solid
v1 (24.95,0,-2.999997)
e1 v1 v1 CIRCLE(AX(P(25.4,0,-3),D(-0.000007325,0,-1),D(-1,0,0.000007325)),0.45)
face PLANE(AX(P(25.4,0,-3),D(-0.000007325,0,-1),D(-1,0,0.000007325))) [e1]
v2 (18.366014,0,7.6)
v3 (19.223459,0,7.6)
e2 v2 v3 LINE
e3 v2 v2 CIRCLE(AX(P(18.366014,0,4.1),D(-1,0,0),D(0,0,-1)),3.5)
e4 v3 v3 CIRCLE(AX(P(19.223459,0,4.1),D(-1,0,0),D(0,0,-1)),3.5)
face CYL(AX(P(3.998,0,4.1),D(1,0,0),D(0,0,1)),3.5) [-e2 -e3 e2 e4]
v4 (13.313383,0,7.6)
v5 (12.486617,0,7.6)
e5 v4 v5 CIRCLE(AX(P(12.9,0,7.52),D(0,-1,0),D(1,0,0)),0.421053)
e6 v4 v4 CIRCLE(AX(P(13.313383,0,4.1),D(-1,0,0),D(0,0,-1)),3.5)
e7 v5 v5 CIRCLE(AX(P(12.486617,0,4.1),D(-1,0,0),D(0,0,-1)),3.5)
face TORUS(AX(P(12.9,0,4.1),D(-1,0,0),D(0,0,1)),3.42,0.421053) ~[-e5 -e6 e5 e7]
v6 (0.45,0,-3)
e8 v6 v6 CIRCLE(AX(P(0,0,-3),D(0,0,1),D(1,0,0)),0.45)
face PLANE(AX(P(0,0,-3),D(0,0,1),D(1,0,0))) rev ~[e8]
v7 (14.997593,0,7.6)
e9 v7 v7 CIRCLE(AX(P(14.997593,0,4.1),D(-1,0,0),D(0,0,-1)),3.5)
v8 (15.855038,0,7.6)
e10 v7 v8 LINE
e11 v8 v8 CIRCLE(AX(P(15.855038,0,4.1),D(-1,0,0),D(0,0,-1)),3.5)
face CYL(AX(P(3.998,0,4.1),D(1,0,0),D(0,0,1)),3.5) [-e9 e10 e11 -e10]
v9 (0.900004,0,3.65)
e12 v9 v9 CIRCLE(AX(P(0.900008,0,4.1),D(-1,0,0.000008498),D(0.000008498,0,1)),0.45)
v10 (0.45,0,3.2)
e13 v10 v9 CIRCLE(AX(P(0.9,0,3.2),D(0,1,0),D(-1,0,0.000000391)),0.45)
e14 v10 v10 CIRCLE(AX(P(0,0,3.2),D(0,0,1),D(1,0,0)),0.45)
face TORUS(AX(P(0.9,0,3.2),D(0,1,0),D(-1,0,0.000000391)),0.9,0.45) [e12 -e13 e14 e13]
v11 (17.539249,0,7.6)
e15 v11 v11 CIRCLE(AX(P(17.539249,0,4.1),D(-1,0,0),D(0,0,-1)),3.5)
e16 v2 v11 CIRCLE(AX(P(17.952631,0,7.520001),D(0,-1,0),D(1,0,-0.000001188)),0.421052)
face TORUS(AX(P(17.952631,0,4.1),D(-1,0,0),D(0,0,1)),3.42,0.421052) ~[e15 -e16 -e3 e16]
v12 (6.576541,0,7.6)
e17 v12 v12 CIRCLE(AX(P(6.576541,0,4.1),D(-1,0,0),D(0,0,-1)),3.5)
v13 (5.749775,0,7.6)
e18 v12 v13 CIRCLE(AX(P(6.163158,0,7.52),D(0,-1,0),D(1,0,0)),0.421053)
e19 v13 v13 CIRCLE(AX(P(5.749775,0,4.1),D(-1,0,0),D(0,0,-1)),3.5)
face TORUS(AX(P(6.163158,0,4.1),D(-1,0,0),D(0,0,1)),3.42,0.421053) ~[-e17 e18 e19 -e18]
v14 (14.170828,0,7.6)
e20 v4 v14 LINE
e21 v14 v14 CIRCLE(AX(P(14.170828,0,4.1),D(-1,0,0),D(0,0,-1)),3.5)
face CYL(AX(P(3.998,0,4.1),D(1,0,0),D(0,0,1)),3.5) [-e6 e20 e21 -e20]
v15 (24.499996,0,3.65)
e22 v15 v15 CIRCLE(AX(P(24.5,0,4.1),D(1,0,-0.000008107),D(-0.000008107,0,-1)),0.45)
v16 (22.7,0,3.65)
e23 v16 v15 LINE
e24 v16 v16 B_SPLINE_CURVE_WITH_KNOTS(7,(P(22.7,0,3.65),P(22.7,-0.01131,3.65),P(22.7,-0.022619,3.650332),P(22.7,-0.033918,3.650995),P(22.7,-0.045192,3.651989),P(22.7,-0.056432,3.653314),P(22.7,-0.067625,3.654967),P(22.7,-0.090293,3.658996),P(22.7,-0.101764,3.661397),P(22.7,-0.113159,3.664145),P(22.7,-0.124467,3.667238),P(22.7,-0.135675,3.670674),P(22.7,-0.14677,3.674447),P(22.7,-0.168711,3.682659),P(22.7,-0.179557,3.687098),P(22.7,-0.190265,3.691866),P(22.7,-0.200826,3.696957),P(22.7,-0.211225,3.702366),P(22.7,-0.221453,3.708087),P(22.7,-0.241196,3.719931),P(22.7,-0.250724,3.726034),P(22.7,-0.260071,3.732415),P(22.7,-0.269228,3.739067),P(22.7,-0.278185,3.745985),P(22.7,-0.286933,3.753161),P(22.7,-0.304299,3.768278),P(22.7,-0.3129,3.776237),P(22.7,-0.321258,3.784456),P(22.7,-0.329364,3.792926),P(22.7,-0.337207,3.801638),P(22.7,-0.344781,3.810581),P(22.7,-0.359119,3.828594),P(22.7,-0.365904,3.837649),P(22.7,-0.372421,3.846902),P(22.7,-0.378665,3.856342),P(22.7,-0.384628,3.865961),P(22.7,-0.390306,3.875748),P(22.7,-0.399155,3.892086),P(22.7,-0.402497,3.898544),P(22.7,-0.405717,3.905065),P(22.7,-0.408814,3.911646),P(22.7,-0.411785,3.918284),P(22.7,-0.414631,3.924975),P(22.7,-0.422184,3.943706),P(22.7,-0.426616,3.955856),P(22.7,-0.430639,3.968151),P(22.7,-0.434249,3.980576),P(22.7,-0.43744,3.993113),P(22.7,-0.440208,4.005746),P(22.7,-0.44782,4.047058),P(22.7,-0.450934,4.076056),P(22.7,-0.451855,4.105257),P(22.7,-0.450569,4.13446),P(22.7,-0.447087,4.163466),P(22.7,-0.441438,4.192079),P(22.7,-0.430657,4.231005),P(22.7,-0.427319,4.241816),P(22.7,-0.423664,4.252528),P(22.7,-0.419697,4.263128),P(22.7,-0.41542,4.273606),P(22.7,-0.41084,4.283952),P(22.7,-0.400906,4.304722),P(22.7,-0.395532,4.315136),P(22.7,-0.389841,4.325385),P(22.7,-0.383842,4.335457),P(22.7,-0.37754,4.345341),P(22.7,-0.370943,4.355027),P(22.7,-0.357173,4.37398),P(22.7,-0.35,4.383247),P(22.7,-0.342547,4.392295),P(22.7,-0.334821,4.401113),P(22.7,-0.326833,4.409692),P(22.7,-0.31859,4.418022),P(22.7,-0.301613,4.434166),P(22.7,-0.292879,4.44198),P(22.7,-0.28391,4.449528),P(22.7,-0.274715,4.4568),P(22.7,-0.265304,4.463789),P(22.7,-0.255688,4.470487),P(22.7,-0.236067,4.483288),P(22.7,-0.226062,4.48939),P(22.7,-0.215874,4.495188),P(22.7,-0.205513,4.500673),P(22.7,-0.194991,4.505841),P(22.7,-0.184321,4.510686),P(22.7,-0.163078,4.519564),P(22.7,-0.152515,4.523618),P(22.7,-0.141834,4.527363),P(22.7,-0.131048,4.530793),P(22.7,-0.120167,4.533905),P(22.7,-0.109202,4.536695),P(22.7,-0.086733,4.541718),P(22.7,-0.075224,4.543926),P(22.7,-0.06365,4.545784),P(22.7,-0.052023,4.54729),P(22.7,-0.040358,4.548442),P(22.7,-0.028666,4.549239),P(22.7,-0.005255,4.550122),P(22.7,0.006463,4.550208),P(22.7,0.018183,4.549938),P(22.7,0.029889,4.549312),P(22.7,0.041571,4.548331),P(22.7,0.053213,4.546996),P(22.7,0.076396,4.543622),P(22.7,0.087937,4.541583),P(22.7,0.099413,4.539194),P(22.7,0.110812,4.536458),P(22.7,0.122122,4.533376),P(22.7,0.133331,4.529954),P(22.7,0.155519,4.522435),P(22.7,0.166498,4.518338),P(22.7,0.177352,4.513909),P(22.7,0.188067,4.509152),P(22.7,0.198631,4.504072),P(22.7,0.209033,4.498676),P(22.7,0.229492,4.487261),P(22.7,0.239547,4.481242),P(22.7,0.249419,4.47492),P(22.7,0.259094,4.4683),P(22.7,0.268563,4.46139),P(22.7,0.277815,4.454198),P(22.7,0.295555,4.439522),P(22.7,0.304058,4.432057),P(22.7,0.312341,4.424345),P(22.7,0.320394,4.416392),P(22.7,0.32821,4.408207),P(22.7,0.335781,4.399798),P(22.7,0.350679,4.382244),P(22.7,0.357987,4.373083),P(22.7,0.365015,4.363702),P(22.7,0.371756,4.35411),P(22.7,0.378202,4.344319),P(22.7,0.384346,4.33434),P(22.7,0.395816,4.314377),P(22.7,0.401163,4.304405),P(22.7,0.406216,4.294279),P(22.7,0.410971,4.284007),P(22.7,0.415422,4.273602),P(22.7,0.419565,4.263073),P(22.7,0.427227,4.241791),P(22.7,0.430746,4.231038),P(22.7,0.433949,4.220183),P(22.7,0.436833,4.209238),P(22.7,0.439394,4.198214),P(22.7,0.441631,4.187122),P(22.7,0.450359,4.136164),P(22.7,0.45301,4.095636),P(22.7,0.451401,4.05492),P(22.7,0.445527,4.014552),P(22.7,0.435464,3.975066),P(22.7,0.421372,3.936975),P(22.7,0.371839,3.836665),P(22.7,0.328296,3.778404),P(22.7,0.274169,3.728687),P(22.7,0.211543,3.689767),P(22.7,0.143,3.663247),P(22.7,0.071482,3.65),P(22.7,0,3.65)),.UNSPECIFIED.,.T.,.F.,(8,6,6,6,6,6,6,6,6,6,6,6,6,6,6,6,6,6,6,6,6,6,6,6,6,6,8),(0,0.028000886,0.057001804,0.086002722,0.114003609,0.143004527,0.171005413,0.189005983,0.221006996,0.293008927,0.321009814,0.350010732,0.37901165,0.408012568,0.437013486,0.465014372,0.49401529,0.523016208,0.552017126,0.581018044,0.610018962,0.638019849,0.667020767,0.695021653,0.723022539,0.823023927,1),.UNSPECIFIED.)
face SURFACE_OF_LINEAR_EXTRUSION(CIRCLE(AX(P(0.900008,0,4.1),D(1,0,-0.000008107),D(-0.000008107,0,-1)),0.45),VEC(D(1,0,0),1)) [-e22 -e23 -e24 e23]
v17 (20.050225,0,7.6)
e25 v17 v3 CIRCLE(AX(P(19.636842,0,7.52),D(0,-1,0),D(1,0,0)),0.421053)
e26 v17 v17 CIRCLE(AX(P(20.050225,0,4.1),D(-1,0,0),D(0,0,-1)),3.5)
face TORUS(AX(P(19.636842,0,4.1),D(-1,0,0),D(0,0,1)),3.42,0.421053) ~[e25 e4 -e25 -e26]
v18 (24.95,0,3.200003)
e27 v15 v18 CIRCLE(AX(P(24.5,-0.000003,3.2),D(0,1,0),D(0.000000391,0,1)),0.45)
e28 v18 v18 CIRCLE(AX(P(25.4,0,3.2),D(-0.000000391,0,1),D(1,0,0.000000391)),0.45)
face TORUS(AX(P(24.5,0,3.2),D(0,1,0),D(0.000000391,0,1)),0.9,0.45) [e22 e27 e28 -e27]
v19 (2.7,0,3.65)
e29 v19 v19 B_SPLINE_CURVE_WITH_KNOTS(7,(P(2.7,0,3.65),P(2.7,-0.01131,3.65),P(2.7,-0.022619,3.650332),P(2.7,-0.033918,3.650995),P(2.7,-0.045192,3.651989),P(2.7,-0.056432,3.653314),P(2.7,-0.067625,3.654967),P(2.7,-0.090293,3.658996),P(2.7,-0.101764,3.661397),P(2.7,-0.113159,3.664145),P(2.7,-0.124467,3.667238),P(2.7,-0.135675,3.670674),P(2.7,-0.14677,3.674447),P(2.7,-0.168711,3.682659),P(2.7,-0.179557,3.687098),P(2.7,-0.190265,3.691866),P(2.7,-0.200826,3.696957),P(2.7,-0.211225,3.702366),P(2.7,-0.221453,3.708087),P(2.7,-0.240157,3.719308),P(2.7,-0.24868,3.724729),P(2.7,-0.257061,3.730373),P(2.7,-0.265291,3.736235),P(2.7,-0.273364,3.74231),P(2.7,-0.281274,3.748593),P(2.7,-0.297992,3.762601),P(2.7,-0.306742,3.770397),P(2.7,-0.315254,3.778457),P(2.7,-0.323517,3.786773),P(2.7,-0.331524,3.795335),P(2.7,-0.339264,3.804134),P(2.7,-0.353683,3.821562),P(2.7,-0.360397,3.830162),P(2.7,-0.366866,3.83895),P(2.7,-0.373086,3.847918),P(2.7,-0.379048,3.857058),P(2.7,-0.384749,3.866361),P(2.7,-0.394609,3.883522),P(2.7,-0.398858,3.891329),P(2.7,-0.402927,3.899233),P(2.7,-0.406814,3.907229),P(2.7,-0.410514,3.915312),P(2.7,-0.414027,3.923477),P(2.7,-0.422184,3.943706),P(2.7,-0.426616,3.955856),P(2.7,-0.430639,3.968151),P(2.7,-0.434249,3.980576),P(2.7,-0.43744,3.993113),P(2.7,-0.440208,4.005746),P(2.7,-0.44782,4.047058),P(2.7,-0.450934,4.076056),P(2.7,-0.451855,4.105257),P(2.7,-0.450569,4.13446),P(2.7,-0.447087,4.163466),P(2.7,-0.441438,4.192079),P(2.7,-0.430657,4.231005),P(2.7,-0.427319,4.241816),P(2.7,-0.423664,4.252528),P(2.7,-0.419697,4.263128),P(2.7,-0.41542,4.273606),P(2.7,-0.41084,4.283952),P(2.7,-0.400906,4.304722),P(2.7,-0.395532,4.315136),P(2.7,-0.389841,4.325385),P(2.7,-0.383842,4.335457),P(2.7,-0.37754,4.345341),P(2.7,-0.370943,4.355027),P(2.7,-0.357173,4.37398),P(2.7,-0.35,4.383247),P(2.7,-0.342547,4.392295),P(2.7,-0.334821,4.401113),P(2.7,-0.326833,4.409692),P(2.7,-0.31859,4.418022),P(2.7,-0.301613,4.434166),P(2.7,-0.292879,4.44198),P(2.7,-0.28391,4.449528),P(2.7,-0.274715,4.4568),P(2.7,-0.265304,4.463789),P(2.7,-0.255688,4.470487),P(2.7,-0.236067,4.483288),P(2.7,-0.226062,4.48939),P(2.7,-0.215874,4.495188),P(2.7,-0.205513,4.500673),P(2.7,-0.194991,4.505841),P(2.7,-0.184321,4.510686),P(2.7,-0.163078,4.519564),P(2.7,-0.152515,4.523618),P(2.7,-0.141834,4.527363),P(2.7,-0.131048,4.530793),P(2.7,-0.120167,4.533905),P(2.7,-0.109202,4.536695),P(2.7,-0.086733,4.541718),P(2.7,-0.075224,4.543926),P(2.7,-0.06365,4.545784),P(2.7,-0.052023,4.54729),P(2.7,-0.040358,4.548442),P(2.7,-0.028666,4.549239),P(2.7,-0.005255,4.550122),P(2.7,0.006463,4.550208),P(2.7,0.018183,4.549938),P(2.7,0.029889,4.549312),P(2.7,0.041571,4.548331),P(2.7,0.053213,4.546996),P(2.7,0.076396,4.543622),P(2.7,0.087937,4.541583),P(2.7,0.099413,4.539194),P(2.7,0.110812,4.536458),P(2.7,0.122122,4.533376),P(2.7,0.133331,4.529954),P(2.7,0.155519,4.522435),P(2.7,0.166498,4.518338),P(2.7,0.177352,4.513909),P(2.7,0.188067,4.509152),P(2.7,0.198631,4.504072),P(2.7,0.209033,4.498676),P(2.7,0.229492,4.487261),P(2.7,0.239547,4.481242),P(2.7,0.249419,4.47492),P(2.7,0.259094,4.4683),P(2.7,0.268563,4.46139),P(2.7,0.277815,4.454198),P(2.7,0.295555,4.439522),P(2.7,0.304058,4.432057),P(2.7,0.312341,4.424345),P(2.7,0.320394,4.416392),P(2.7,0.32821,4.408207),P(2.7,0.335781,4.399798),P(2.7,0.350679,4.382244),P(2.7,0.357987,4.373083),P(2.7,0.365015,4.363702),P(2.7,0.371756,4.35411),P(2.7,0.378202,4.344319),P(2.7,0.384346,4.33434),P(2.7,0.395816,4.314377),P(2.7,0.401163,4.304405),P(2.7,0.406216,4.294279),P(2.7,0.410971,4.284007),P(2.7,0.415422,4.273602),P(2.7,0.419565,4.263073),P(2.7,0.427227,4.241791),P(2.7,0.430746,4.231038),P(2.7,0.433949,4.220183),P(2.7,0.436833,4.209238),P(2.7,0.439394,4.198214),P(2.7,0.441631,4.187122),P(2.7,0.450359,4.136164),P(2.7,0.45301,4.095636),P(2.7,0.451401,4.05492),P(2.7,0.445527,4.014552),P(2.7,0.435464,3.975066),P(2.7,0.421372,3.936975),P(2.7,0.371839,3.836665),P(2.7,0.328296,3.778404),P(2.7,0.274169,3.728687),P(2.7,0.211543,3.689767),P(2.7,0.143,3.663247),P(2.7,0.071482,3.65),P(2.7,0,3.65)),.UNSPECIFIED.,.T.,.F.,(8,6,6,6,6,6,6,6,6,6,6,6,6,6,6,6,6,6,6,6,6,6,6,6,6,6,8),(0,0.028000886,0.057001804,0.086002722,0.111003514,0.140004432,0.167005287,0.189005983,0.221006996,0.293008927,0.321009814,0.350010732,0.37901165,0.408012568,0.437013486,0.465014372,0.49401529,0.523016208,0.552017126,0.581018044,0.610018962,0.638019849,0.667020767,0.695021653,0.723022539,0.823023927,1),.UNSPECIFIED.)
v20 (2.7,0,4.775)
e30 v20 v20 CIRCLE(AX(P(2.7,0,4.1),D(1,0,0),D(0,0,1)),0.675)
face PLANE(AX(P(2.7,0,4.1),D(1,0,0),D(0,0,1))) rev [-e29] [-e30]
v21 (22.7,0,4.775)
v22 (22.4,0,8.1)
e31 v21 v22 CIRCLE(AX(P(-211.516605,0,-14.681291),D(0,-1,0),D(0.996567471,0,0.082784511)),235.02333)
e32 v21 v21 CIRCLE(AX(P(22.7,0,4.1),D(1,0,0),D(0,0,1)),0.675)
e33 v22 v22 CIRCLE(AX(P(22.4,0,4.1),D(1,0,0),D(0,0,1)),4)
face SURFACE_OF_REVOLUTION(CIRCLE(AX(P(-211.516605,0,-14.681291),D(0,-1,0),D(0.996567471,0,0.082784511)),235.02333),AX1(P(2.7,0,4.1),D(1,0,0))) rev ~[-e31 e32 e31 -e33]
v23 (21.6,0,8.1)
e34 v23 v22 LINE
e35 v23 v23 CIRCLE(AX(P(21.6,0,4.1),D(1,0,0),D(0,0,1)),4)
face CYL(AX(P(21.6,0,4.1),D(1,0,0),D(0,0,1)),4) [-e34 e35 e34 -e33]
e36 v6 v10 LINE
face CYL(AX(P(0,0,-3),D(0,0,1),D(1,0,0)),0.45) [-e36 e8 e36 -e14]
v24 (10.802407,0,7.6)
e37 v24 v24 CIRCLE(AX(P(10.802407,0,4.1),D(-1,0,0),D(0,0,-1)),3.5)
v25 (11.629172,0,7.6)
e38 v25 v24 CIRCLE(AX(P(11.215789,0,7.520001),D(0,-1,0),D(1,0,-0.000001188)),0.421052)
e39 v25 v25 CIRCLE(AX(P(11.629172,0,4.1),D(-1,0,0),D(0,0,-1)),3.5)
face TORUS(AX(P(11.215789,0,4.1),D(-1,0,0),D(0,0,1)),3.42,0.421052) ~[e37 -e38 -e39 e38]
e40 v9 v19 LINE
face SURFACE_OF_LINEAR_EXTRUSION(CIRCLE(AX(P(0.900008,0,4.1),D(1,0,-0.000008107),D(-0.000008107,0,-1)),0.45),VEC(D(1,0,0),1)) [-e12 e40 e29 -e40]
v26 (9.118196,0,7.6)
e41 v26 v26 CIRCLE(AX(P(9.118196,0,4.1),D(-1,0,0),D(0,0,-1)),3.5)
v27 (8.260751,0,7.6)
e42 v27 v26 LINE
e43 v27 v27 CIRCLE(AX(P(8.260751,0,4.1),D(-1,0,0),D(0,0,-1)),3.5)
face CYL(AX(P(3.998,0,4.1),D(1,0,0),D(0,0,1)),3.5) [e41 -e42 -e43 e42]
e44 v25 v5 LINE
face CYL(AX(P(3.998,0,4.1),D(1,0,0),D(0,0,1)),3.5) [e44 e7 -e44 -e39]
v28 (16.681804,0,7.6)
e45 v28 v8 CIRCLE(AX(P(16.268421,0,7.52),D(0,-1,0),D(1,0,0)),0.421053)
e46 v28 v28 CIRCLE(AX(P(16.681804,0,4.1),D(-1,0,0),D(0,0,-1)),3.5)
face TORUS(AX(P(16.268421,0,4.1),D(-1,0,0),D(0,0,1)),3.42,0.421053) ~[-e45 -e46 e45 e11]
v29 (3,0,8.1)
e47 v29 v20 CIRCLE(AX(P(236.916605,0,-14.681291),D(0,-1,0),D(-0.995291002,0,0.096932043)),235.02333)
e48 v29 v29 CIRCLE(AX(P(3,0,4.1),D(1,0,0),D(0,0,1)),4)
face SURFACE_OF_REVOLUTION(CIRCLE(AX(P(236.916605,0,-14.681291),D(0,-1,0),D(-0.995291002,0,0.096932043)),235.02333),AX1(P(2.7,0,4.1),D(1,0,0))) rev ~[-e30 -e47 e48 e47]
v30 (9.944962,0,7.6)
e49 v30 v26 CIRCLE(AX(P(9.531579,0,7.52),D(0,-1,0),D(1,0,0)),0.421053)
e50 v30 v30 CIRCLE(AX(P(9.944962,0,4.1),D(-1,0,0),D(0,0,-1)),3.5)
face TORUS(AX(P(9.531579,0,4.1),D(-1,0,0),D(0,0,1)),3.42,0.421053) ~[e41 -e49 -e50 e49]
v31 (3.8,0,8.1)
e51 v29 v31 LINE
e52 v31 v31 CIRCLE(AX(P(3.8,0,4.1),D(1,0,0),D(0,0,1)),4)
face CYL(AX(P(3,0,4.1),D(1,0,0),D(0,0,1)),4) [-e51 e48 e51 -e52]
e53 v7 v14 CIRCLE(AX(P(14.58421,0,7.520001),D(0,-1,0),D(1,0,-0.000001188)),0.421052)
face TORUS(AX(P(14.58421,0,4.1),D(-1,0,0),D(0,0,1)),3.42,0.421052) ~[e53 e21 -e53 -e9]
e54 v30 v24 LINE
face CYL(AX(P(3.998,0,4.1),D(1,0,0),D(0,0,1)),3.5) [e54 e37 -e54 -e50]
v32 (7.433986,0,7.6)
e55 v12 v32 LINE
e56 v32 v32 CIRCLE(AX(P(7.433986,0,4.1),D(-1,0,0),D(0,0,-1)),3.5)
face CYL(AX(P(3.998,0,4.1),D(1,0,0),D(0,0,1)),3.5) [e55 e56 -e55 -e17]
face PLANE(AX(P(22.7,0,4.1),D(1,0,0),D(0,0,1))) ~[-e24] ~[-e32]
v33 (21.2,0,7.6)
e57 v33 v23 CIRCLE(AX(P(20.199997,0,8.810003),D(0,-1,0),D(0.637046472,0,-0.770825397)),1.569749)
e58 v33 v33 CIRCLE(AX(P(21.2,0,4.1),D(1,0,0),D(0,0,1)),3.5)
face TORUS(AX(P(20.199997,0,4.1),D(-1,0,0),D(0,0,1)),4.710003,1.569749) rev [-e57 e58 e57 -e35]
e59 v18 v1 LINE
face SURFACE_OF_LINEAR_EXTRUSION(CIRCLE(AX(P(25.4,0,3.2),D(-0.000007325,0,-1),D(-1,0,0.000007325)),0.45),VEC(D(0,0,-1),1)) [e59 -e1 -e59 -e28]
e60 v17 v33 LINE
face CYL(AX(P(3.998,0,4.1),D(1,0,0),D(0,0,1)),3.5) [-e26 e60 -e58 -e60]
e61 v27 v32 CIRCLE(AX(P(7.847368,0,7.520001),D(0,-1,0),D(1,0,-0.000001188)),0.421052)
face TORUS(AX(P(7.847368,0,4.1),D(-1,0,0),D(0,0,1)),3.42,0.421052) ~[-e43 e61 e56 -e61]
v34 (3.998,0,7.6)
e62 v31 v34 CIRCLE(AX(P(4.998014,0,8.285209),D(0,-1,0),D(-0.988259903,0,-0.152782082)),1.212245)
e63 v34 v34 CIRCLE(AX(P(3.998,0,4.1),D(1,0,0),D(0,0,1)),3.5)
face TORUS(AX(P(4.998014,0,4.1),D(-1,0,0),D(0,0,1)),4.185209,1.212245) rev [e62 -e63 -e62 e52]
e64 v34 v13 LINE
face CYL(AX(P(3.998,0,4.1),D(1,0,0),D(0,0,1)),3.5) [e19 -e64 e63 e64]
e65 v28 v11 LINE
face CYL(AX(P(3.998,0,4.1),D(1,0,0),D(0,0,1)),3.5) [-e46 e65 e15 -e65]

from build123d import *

# Parameters (mm, degrees)
SKETCH_R = 0.45


with BuildPart() as sweep_body:
    # Sweep: sweep along a path in Sketch001
    with BuildLine(Plane.XZ) as sweep_path:
        Line((0, -3), (0, 3.2))
        ThreePointArc((0, 3.2), (0.263607, 3.836399), (0.900008, 4.1))
        Line((0.900008, 4.1), (24.5, 4.1))
        ThreePointArc((24.5, 4.1), (25.136396, 3.836396), (25.4, 3.2))
        Line((25.4, 3.2), (25.4, -3))
    # Sketch → Sweep (sweep)
    with BuildSketch(Plane.XY.offset(-2)):
        Circle(SKETCH_R)
    sweep(path=sweep_path.line)


with BuildPart() as revolution001:
    # Sketch003 → Revolution001 (revolve)
    with BuildSketch(Plane.XZ):
        with BuildLine():
            ThreePointArc((6.584211, 7.52), (6.163158, 7.941053), (5.742105, 7.52))
            Line((4.9, 7.52), (5.742105, 7.52))
            Line((4.9, 7.52), (4.9, 6.72))
            Line((4.9, 6.72), (20.9, 6.72))
            Line((20.9, 6.72), (20.9, 7.52))
            Line((20.057895, 7.52), (20.9, 7.52))
            ThreePointArc((20.057895, 7.52), (19.636842, 7.941053), (19.215789, 7.52))
            Line((18.373684, 7.52), (19.215789, 7.52))
            ThreePointArc((18.373684, 7.52), (17.952632, 7.941053), (17.531579, 7.52))
            Line((16.689474, 7.52), (17.531579, 7.52))
            ThreePointArc((16.689474, 7.52), (16.268421, 7.941053), (15.847368, 7.52))
            Line((15.005263, 7.52), (15.847368, 7.52))
            ThreePointArc((15.005263, 7.52), (14.584211, 7.941053), (14.163158, 7.52))
            Line((13.321053, 7.52), (14.163158, 7.52))
            ThreePointArc((13.321053, 7.52), (12.9, 7.941053), (12.478947, 7.52))
            Line((11.636842, 7.52), (12.478947, 7.52))
            ThreePointArc((11.636842, 7.52), (11.215789, 7.941053), (10.794737, 7.52))
            Line((9.952632, 7.52), (10.794737, 7.52))
            ThreePointArc((9.952632, 7.52), (9.531579, 7.941053), (9.110526, 7.52))
            Line((8.268421, 7.52), (9.110526, 7.52))
            ThreePointArc((8.268421, 7.52), (7.847368, 7.941053), (7.426316, 7.52))
            Line((6.584211, 7.52), (7.426316, 7.52))
        make_face()
    revolve(axis=Axis((3.2, 0, 4.1), (1, 0, 0)))


with BuildPart() as revolution_mp_cp:
    # Sketch002 → Revolution (revolve)
    with BuildSketch(Plane.XZ):
        with BuildLine():
            Line((3, 8.1), (3.8, 8.1))
            ThreePointArc((3.8, 8.1), (3.870924, 7.838882), (3.998, 7.6))
            Line((3.998, 7.6), (21.2, 7.6))
            ThreePointArc((21.2, 7.6), (21.425765, 7.829388), (21.6, 8.1))
            Line((21.6, 8.1), (22.4, 8.1))
            ThreePointArc((22.7, 4.775), (22.555904, 6.438033), (22.4, 8.1))
            Line((22.7, 4.1), (22.7, 4.775))
            Line((2.7, 4.1), (22.7, 4.1))
            Line((2.7, 4.1), (2.7, 4.775))
            ThreePointArc((3, 8.1), (2.844096, 6.438033), (2.7, 4.775))
        make_face()
    revolve(axis=Axis((2.7, 0, 4.1), (1, 0, 0)))

    # Revolution_mp_cp: union Sweep body, Revolution001
    add(sweep_body.part)
    add(revolution001.part)


solid = revolution_mp_cp.part
